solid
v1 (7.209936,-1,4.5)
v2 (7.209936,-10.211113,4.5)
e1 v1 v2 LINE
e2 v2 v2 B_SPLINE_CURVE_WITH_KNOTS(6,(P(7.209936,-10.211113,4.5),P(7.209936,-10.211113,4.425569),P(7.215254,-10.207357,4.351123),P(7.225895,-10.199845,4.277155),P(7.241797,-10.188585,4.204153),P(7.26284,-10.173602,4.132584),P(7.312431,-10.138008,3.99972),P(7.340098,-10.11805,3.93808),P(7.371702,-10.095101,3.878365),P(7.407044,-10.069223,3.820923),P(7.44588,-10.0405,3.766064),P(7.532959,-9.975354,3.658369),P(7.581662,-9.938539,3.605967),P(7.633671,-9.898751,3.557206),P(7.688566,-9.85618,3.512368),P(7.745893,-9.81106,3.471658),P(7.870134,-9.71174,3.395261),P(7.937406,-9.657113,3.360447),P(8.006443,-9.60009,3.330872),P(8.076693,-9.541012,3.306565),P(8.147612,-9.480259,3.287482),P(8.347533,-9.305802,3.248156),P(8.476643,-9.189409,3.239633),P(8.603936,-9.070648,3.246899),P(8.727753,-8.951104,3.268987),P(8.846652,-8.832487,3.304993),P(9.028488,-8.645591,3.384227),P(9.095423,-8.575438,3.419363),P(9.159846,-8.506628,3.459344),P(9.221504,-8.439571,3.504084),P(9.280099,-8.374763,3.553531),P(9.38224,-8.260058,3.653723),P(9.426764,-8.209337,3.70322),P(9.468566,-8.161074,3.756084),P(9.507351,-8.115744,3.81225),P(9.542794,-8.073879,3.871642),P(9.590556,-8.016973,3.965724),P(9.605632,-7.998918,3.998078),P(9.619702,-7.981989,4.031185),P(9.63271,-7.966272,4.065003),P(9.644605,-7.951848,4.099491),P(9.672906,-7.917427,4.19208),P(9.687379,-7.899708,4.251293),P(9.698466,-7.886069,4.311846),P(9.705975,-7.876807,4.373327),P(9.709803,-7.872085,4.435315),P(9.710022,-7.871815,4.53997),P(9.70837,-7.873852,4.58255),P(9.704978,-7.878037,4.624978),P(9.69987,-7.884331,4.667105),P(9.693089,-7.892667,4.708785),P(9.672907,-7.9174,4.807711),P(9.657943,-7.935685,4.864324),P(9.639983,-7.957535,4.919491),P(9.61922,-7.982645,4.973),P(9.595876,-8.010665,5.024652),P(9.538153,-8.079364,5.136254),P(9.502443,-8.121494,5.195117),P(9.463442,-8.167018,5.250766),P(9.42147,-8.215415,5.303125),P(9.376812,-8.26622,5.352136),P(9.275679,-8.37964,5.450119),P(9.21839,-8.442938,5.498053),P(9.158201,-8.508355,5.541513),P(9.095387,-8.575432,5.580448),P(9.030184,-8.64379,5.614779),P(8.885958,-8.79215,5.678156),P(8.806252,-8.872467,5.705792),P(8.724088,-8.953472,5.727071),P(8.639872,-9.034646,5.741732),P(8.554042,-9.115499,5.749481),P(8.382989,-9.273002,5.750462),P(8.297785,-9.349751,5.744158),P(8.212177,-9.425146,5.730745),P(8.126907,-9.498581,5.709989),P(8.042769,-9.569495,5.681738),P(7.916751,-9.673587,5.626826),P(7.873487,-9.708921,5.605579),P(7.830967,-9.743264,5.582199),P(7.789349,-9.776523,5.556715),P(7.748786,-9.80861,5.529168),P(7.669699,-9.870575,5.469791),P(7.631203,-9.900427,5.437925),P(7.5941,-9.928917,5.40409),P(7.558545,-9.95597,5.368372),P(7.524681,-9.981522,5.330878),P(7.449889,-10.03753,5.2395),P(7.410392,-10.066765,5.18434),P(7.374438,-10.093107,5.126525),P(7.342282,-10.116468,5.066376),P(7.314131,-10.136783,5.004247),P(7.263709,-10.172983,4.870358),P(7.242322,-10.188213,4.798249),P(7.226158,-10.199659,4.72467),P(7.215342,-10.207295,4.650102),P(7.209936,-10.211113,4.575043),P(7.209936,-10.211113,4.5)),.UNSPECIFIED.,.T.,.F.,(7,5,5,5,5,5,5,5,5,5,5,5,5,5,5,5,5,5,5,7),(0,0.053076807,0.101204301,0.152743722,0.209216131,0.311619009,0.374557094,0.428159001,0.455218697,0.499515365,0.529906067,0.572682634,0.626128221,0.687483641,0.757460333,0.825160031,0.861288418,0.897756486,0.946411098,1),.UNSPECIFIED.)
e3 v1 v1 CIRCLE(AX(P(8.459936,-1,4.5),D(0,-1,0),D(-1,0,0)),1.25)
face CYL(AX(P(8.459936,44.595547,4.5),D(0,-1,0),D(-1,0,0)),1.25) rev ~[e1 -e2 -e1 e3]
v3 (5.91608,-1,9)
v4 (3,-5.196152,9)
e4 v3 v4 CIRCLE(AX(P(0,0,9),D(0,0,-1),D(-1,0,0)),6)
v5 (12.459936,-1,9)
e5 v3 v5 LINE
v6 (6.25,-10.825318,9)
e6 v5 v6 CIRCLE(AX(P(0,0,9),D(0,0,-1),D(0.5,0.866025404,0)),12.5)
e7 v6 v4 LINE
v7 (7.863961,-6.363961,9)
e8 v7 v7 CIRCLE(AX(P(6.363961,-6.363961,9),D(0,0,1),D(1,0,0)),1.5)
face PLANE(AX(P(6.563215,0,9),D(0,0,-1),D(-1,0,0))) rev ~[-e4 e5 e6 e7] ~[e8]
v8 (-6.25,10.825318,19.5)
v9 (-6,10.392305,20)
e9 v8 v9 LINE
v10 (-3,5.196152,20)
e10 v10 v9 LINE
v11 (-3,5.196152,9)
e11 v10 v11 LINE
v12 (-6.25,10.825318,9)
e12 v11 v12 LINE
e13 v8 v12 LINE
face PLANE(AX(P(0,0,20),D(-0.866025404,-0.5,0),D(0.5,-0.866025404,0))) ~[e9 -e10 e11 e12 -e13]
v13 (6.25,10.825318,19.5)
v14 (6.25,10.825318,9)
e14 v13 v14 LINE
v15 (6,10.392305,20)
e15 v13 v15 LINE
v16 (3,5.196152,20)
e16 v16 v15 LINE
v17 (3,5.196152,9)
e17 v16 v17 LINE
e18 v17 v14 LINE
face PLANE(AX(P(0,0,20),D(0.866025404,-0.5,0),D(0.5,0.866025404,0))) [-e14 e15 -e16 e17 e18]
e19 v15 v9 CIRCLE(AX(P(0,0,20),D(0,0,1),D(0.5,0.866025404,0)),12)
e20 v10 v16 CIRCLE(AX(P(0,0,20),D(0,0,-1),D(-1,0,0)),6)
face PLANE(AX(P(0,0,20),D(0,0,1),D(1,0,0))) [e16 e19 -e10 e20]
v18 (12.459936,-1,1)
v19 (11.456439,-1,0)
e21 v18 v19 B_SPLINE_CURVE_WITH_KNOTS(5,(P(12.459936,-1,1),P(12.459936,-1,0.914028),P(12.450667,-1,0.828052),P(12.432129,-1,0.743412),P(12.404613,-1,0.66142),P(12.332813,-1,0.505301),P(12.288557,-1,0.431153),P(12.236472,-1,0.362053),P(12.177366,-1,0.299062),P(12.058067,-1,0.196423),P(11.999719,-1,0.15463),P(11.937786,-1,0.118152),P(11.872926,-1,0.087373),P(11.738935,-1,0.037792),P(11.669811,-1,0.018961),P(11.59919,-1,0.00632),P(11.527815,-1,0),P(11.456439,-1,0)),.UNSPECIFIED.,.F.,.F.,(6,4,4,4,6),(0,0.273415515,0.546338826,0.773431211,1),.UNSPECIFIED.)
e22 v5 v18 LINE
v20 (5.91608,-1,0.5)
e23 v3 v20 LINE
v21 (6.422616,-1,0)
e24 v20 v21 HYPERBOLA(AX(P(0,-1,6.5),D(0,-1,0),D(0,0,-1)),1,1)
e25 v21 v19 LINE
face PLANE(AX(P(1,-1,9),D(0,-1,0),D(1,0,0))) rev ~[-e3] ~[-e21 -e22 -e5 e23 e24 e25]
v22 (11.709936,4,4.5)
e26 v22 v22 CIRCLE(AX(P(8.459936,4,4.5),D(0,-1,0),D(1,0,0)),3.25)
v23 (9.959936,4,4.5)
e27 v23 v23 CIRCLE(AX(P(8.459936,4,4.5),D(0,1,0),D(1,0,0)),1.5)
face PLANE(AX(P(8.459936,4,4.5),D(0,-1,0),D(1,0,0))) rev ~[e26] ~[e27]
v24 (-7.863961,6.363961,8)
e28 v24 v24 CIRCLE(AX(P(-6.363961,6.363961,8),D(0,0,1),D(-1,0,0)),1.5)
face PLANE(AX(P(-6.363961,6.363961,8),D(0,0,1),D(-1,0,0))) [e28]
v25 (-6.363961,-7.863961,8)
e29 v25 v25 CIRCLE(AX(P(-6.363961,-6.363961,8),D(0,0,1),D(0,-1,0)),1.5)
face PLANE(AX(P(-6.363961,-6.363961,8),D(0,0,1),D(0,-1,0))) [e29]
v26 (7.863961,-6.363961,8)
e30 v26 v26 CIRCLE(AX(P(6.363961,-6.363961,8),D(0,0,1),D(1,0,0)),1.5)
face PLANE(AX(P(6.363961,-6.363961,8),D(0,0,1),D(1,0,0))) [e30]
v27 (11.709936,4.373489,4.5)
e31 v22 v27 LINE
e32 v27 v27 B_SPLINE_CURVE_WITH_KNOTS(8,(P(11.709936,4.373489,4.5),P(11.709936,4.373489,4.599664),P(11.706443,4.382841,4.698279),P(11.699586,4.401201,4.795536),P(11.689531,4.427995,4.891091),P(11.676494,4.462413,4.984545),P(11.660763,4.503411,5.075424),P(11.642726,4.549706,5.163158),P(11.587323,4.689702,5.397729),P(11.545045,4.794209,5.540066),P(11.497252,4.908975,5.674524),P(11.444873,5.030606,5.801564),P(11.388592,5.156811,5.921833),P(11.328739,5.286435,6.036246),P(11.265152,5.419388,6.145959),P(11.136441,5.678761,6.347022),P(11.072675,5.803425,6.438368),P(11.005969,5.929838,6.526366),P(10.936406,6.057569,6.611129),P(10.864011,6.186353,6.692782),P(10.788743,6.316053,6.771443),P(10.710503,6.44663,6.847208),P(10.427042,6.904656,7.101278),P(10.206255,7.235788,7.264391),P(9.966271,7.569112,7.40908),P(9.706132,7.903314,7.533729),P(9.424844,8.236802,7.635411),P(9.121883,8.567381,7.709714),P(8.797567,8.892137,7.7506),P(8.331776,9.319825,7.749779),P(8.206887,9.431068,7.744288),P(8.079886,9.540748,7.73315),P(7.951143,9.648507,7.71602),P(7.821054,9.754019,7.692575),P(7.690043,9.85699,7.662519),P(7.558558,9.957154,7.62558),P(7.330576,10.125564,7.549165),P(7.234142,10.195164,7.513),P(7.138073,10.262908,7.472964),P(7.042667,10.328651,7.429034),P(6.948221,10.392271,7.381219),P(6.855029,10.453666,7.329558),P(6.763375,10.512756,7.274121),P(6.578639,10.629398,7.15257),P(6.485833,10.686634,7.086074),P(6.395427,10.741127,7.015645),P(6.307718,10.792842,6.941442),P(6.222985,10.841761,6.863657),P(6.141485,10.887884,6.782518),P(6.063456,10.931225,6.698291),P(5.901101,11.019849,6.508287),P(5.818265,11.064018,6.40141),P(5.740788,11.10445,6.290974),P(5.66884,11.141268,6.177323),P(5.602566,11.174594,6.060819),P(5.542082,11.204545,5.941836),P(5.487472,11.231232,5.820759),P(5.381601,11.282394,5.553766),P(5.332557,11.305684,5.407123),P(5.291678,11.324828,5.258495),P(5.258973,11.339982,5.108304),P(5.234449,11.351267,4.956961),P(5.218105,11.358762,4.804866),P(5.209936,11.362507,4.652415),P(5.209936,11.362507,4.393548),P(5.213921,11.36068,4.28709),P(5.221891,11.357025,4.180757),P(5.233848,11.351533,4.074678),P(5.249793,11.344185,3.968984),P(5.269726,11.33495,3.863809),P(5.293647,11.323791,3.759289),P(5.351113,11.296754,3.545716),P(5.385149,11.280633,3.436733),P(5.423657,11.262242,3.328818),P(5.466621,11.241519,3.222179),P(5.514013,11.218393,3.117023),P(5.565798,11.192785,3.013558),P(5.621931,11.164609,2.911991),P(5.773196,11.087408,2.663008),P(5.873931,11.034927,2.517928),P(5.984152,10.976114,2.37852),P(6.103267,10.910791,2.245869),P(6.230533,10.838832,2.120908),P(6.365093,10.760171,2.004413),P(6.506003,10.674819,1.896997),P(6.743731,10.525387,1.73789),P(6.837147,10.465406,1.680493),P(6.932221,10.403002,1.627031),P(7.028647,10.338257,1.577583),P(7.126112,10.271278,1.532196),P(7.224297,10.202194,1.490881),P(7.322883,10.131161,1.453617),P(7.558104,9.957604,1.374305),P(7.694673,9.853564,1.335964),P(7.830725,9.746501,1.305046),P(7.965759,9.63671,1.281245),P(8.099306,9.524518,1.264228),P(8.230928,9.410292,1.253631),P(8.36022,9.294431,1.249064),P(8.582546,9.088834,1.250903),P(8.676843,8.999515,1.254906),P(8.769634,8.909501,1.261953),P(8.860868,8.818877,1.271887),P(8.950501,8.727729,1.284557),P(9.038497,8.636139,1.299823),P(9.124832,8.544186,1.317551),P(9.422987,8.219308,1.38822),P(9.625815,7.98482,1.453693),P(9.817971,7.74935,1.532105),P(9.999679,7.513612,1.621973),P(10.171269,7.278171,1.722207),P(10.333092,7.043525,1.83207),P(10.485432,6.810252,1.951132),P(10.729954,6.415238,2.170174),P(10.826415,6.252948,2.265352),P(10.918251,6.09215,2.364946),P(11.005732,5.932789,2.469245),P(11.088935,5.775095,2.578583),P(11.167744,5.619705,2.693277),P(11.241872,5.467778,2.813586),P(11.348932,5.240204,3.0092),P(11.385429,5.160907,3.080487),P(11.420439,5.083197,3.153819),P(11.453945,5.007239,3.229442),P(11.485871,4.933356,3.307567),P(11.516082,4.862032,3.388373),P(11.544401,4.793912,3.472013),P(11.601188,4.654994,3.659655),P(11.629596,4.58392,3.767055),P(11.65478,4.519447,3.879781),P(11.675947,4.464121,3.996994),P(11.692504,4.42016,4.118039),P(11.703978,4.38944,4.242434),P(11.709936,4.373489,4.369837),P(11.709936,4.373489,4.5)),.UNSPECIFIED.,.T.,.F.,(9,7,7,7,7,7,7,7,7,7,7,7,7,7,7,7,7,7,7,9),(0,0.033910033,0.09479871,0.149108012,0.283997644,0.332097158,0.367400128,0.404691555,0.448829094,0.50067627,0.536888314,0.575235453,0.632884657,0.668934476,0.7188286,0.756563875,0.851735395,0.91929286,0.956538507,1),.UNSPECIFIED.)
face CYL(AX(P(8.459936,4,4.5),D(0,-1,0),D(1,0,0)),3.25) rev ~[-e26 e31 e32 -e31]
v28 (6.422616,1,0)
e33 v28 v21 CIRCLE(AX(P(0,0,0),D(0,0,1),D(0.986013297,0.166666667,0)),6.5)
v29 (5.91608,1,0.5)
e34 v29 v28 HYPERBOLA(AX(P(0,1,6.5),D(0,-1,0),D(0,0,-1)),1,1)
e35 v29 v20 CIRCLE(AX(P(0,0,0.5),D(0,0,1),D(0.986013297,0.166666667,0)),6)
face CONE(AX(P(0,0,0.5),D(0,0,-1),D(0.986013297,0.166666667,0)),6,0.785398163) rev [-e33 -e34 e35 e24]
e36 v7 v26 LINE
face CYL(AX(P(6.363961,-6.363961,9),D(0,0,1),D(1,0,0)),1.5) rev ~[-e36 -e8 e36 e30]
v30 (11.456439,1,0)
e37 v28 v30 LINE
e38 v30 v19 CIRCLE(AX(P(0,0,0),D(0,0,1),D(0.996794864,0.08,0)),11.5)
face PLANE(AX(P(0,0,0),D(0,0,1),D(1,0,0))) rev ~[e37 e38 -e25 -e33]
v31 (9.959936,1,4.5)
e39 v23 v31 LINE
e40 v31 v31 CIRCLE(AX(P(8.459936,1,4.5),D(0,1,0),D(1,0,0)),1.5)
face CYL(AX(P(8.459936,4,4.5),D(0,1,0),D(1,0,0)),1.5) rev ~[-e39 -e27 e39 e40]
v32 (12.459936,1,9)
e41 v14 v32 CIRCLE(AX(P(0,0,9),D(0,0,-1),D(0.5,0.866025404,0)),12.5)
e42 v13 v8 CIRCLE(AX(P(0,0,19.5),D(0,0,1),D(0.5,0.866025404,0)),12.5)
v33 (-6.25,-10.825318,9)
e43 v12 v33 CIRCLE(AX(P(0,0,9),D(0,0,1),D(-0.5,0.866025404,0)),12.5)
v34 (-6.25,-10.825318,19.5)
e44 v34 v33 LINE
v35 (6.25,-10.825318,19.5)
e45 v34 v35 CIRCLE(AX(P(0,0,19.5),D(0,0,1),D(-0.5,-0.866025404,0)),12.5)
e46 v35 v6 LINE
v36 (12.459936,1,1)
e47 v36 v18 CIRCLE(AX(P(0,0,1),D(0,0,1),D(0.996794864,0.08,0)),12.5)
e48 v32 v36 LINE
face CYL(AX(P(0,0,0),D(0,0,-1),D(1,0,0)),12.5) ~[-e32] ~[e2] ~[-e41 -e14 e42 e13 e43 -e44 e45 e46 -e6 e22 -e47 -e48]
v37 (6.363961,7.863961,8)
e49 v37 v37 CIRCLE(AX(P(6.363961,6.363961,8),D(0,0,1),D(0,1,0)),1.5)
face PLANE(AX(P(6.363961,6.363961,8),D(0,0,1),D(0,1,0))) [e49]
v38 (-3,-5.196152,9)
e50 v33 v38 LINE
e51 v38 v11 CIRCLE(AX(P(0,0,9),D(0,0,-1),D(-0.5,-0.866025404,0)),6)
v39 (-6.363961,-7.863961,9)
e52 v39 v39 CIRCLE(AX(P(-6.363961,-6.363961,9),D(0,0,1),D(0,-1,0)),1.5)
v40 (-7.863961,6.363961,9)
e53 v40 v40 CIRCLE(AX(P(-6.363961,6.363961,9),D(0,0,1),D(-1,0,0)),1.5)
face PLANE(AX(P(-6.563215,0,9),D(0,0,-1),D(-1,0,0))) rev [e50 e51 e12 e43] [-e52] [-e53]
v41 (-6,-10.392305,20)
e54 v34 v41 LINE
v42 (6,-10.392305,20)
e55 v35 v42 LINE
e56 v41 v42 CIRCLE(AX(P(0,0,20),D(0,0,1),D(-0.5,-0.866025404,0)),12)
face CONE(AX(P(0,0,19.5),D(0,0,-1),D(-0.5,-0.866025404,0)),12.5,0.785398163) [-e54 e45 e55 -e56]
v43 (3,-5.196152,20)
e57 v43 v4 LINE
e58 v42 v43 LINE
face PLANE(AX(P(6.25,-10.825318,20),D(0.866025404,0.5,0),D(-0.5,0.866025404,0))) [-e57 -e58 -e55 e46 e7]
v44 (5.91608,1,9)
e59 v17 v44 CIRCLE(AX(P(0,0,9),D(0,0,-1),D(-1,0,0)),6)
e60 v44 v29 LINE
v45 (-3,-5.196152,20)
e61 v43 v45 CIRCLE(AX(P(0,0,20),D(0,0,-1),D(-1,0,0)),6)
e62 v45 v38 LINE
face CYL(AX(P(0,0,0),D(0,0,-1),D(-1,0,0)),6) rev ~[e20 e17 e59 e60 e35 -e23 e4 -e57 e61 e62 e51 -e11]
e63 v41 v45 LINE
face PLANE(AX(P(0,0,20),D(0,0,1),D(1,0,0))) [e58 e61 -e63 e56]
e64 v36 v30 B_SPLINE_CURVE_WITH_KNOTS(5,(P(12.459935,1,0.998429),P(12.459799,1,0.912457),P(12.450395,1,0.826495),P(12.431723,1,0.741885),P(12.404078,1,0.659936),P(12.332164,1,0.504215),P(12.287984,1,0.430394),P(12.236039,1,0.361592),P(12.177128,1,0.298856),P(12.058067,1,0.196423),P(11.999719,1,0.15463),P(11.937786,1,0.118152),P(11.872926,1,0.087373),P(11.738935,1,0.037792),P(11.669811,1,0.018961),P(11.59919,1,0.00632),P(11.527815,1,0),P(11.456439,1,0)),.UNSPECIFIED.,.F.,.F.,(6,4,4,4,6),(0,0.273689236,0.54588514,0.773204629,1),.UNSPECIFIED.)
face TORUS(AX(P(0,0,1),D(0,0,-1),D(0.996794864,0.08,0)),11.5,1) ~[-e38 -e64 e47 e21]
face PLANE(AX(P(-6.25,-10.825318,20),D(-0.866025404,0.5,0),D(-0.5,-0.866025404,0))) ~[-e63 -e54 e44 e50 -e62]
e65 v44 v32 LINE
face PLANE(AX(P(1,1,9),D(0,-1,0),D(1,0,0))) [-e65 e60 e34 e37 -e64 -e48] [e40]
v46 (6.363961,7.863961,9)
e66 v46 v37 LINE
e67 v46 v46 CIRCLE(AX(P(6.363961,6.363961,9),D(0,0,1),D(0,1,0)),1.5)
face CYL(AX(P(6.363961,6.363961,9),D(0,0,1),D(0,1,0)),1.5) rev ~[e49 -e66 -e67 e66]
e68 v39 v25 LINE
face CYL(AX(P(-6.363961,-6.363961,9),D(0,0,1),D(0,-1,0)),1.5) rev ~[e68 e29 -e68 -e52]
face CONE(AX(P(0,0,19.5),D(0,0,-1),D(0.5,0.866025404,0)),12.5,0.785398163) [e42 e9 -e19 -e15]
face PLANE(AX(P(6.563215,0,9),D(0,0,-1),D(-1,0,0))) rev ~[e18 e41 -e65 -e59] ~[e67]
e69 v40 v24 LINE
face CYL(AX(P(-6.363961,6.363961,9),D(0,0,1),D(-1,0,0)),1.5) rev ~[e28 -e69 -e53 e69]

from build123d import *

# Parameters (mm, degrees)
ESBO_O1_R                 = 12.5
RESSALTO_EXTRUS_O1_DEPTH  = 20
CORTE_EXTRUS_O3_DEPTH     = 11
ESBO_O3_R                 = 6
CORTE_EXTRUS_O4_DEPTH     = 21
ESBO_O6_W                 = 12
ESBO_O6_H                 = 2
CORTE_EXTRUS_O5_DEPTH     = 10
CORTE_EXTRUS_O6_START     = -3
ESBO_O7_R                 = 3.25
CORTE_EXTRUS_O6_DEPTH     = 9.5
FURO_ROSCADO_DE_M3X0_51_D = 2.5
FILETE1_R                 = 1
ESBO_O10_R                = 1.5
CORTE_EXTRUS_O7_DEPTH     = 1
CHANFRO1_SIZE             = 0.5
CORTE_EXTRUS_O8_REACH     = 18.5
ESBO_O11_R                = 1.5
PADR_OCIRCULAR1_COUNT     = 4
CHANFRO2_SIZE             = 0.5


with BuildPart() as part:
    # Esboço1 → Ressalto-extrusão1 (new body)
    with BuildSketch(Plane.XY):
        Circle(ESBO_O1_R)
    extrude(amount=RESSALTO_EXTRUS_O1_DEPTH)

    # Esboço2 → Corte-extrusão3 (cut)
    with BuildSketch(Plane.XY.offset(20)):
        with BuildLine():
            Line((0, 0), (6.25, 10.825317547))
            ThreePointArc((6.25, 10.825317547), (12.5, 0), (6.25, -10.825317547))
            Line((6.25, -10.825317547), (0, 0))
        make_face()
    corte_extrus_o3 = extrude(amount=-CORTE_EXTRUS_O3_DEPTH, mode=Mode.SUBTRACT)

    # Esboço3 → Corte-extrusão4 (cut, through all)
    with BuildSketch(Plane(origin=(0, 0, 0), x_dir=(-1, 0, 0), z_dir=(0, 0, -1))):
        Circle(ESBO_O3_R)
    extrude(amount=-CORTE_EXTRUS_O4_DEPTH, mode=Mode.SUBTRACT)

    # Espelhar1: Corte-extrusão3 across plane
    add(corte_extrus_o3.mirror(Plane(origin=(0, 0, 0), x_dir=(0, 0, 1), z_dir=(1, 0, 0))), mode=Mode.SUBTRACT)

    # Esboço6 → Corte-extrusão5 (cut, through all)
    with BuildSketch(Plane.XY.offset(9)):
        with Locations((7, 0)):
            Rectangle(ESBO_O6_W, ESBO_O6_H)
    extrude(amount=-CORTE_EXTRUS_O5_DEPTH, mode=Mode.SUBTRACT)

    # Esboço7 → Corte-extrusão6 (cut, through all)
    with BuildSketch(Plane.XZ.offset(-1).offset(CORTE_EXTRUS_O6_START)):
        with Locations((8.459935794, 4.5)):
            Circle(ESBO_O7_R)
    extrude(amount=-CORTE_EXTRUS_O6_DEPTH, mode=Mode.SUBTRACT)

    # Furo roscado de M3x0.51 (through all)
    with Locations(Plane(origin=(0, 4, 0), x_dir=(1, 0, 0), z_dir=(0, 1, 0))):
        with Locations((8.459935794, -4.5)):
            Hole(FURO_ROSCADO_DE_M3X0_51_D / 2)

    # Filete1
    filete1_edges = [part.edges().sort_by_distance(p)[0] for p in [
        (-12.5, 0, 0),
    ]]
    fillet(filete1_edges, radius=FILETE1_R)

    # Esboço10 → Corte-extrusão7 (cut)
    with BuildSketch(Plane.XY.offset(9)):
        with Locations((6.363961031, -6.363961031)):
            Circle(ESBO_O10_R)
    corte_extrus_o7 = extrude(amount=-CORTE_EXTRUS_O7_DEPTH, mode=Mode.SUBTRACT)

    # Chanfro1
    chanfro1_edges = [part.edges().sort_by_distance(p)[0] for p in [
        (0, -12.5, 20),
        (0, 12.5, 20),
    ]]
    chamfer(chanfro1_edges, length=CHANFRO1_SIZE)

    # Esboço11 → Corte-extrusão8 (cut, up to next)
    with BuildSketch(Plane(origin=(0, 4, 0), x_dir=(1, 0, 0), z_dir=(0, 1, 0)), mode=Mode.PRIVATE) as corte_extrus_o8_sk1:
        with Locations((8.459935794, -4.5)):
            Circle(ESBO_O11_R)
    corte_extrus_o8_tool1 = extrude(corte_extrus_o8_sk1.sketch, amount=-CORTE_EXTRUS_O8_REACH, mode=Mode.PRIVATE) & part.part
    add(corte_extrus_o8_tool1.solids().sort_by_distance((8.459936, 4, 4.5))[0], mode=Mode.SUBTRACT)

    # PadrãoCircular1: Corte-extrusão7 ×4 about axis
    padr_ocircular1_axis = Axis((0, 0, 0), (0, 0, 1))
    for i in range(1, PADR_OCIRCULAR1_COUNT):
        add(corte_extrus_o7.rotate(padr_ocircular1_axis, i * 360 / PADR_OCIRCULAR1_COUNT), mode=Mode.SUBTRACT)

    # Chanfro2
    chanfro2_edges = [part.edges().sort_by_distance(p)[0] for p in [
        (-6, 0, 0),
    ]]
    chamfer(chanfro2_edges, length=CHANFRO2_SIZE)


solid = part.part
